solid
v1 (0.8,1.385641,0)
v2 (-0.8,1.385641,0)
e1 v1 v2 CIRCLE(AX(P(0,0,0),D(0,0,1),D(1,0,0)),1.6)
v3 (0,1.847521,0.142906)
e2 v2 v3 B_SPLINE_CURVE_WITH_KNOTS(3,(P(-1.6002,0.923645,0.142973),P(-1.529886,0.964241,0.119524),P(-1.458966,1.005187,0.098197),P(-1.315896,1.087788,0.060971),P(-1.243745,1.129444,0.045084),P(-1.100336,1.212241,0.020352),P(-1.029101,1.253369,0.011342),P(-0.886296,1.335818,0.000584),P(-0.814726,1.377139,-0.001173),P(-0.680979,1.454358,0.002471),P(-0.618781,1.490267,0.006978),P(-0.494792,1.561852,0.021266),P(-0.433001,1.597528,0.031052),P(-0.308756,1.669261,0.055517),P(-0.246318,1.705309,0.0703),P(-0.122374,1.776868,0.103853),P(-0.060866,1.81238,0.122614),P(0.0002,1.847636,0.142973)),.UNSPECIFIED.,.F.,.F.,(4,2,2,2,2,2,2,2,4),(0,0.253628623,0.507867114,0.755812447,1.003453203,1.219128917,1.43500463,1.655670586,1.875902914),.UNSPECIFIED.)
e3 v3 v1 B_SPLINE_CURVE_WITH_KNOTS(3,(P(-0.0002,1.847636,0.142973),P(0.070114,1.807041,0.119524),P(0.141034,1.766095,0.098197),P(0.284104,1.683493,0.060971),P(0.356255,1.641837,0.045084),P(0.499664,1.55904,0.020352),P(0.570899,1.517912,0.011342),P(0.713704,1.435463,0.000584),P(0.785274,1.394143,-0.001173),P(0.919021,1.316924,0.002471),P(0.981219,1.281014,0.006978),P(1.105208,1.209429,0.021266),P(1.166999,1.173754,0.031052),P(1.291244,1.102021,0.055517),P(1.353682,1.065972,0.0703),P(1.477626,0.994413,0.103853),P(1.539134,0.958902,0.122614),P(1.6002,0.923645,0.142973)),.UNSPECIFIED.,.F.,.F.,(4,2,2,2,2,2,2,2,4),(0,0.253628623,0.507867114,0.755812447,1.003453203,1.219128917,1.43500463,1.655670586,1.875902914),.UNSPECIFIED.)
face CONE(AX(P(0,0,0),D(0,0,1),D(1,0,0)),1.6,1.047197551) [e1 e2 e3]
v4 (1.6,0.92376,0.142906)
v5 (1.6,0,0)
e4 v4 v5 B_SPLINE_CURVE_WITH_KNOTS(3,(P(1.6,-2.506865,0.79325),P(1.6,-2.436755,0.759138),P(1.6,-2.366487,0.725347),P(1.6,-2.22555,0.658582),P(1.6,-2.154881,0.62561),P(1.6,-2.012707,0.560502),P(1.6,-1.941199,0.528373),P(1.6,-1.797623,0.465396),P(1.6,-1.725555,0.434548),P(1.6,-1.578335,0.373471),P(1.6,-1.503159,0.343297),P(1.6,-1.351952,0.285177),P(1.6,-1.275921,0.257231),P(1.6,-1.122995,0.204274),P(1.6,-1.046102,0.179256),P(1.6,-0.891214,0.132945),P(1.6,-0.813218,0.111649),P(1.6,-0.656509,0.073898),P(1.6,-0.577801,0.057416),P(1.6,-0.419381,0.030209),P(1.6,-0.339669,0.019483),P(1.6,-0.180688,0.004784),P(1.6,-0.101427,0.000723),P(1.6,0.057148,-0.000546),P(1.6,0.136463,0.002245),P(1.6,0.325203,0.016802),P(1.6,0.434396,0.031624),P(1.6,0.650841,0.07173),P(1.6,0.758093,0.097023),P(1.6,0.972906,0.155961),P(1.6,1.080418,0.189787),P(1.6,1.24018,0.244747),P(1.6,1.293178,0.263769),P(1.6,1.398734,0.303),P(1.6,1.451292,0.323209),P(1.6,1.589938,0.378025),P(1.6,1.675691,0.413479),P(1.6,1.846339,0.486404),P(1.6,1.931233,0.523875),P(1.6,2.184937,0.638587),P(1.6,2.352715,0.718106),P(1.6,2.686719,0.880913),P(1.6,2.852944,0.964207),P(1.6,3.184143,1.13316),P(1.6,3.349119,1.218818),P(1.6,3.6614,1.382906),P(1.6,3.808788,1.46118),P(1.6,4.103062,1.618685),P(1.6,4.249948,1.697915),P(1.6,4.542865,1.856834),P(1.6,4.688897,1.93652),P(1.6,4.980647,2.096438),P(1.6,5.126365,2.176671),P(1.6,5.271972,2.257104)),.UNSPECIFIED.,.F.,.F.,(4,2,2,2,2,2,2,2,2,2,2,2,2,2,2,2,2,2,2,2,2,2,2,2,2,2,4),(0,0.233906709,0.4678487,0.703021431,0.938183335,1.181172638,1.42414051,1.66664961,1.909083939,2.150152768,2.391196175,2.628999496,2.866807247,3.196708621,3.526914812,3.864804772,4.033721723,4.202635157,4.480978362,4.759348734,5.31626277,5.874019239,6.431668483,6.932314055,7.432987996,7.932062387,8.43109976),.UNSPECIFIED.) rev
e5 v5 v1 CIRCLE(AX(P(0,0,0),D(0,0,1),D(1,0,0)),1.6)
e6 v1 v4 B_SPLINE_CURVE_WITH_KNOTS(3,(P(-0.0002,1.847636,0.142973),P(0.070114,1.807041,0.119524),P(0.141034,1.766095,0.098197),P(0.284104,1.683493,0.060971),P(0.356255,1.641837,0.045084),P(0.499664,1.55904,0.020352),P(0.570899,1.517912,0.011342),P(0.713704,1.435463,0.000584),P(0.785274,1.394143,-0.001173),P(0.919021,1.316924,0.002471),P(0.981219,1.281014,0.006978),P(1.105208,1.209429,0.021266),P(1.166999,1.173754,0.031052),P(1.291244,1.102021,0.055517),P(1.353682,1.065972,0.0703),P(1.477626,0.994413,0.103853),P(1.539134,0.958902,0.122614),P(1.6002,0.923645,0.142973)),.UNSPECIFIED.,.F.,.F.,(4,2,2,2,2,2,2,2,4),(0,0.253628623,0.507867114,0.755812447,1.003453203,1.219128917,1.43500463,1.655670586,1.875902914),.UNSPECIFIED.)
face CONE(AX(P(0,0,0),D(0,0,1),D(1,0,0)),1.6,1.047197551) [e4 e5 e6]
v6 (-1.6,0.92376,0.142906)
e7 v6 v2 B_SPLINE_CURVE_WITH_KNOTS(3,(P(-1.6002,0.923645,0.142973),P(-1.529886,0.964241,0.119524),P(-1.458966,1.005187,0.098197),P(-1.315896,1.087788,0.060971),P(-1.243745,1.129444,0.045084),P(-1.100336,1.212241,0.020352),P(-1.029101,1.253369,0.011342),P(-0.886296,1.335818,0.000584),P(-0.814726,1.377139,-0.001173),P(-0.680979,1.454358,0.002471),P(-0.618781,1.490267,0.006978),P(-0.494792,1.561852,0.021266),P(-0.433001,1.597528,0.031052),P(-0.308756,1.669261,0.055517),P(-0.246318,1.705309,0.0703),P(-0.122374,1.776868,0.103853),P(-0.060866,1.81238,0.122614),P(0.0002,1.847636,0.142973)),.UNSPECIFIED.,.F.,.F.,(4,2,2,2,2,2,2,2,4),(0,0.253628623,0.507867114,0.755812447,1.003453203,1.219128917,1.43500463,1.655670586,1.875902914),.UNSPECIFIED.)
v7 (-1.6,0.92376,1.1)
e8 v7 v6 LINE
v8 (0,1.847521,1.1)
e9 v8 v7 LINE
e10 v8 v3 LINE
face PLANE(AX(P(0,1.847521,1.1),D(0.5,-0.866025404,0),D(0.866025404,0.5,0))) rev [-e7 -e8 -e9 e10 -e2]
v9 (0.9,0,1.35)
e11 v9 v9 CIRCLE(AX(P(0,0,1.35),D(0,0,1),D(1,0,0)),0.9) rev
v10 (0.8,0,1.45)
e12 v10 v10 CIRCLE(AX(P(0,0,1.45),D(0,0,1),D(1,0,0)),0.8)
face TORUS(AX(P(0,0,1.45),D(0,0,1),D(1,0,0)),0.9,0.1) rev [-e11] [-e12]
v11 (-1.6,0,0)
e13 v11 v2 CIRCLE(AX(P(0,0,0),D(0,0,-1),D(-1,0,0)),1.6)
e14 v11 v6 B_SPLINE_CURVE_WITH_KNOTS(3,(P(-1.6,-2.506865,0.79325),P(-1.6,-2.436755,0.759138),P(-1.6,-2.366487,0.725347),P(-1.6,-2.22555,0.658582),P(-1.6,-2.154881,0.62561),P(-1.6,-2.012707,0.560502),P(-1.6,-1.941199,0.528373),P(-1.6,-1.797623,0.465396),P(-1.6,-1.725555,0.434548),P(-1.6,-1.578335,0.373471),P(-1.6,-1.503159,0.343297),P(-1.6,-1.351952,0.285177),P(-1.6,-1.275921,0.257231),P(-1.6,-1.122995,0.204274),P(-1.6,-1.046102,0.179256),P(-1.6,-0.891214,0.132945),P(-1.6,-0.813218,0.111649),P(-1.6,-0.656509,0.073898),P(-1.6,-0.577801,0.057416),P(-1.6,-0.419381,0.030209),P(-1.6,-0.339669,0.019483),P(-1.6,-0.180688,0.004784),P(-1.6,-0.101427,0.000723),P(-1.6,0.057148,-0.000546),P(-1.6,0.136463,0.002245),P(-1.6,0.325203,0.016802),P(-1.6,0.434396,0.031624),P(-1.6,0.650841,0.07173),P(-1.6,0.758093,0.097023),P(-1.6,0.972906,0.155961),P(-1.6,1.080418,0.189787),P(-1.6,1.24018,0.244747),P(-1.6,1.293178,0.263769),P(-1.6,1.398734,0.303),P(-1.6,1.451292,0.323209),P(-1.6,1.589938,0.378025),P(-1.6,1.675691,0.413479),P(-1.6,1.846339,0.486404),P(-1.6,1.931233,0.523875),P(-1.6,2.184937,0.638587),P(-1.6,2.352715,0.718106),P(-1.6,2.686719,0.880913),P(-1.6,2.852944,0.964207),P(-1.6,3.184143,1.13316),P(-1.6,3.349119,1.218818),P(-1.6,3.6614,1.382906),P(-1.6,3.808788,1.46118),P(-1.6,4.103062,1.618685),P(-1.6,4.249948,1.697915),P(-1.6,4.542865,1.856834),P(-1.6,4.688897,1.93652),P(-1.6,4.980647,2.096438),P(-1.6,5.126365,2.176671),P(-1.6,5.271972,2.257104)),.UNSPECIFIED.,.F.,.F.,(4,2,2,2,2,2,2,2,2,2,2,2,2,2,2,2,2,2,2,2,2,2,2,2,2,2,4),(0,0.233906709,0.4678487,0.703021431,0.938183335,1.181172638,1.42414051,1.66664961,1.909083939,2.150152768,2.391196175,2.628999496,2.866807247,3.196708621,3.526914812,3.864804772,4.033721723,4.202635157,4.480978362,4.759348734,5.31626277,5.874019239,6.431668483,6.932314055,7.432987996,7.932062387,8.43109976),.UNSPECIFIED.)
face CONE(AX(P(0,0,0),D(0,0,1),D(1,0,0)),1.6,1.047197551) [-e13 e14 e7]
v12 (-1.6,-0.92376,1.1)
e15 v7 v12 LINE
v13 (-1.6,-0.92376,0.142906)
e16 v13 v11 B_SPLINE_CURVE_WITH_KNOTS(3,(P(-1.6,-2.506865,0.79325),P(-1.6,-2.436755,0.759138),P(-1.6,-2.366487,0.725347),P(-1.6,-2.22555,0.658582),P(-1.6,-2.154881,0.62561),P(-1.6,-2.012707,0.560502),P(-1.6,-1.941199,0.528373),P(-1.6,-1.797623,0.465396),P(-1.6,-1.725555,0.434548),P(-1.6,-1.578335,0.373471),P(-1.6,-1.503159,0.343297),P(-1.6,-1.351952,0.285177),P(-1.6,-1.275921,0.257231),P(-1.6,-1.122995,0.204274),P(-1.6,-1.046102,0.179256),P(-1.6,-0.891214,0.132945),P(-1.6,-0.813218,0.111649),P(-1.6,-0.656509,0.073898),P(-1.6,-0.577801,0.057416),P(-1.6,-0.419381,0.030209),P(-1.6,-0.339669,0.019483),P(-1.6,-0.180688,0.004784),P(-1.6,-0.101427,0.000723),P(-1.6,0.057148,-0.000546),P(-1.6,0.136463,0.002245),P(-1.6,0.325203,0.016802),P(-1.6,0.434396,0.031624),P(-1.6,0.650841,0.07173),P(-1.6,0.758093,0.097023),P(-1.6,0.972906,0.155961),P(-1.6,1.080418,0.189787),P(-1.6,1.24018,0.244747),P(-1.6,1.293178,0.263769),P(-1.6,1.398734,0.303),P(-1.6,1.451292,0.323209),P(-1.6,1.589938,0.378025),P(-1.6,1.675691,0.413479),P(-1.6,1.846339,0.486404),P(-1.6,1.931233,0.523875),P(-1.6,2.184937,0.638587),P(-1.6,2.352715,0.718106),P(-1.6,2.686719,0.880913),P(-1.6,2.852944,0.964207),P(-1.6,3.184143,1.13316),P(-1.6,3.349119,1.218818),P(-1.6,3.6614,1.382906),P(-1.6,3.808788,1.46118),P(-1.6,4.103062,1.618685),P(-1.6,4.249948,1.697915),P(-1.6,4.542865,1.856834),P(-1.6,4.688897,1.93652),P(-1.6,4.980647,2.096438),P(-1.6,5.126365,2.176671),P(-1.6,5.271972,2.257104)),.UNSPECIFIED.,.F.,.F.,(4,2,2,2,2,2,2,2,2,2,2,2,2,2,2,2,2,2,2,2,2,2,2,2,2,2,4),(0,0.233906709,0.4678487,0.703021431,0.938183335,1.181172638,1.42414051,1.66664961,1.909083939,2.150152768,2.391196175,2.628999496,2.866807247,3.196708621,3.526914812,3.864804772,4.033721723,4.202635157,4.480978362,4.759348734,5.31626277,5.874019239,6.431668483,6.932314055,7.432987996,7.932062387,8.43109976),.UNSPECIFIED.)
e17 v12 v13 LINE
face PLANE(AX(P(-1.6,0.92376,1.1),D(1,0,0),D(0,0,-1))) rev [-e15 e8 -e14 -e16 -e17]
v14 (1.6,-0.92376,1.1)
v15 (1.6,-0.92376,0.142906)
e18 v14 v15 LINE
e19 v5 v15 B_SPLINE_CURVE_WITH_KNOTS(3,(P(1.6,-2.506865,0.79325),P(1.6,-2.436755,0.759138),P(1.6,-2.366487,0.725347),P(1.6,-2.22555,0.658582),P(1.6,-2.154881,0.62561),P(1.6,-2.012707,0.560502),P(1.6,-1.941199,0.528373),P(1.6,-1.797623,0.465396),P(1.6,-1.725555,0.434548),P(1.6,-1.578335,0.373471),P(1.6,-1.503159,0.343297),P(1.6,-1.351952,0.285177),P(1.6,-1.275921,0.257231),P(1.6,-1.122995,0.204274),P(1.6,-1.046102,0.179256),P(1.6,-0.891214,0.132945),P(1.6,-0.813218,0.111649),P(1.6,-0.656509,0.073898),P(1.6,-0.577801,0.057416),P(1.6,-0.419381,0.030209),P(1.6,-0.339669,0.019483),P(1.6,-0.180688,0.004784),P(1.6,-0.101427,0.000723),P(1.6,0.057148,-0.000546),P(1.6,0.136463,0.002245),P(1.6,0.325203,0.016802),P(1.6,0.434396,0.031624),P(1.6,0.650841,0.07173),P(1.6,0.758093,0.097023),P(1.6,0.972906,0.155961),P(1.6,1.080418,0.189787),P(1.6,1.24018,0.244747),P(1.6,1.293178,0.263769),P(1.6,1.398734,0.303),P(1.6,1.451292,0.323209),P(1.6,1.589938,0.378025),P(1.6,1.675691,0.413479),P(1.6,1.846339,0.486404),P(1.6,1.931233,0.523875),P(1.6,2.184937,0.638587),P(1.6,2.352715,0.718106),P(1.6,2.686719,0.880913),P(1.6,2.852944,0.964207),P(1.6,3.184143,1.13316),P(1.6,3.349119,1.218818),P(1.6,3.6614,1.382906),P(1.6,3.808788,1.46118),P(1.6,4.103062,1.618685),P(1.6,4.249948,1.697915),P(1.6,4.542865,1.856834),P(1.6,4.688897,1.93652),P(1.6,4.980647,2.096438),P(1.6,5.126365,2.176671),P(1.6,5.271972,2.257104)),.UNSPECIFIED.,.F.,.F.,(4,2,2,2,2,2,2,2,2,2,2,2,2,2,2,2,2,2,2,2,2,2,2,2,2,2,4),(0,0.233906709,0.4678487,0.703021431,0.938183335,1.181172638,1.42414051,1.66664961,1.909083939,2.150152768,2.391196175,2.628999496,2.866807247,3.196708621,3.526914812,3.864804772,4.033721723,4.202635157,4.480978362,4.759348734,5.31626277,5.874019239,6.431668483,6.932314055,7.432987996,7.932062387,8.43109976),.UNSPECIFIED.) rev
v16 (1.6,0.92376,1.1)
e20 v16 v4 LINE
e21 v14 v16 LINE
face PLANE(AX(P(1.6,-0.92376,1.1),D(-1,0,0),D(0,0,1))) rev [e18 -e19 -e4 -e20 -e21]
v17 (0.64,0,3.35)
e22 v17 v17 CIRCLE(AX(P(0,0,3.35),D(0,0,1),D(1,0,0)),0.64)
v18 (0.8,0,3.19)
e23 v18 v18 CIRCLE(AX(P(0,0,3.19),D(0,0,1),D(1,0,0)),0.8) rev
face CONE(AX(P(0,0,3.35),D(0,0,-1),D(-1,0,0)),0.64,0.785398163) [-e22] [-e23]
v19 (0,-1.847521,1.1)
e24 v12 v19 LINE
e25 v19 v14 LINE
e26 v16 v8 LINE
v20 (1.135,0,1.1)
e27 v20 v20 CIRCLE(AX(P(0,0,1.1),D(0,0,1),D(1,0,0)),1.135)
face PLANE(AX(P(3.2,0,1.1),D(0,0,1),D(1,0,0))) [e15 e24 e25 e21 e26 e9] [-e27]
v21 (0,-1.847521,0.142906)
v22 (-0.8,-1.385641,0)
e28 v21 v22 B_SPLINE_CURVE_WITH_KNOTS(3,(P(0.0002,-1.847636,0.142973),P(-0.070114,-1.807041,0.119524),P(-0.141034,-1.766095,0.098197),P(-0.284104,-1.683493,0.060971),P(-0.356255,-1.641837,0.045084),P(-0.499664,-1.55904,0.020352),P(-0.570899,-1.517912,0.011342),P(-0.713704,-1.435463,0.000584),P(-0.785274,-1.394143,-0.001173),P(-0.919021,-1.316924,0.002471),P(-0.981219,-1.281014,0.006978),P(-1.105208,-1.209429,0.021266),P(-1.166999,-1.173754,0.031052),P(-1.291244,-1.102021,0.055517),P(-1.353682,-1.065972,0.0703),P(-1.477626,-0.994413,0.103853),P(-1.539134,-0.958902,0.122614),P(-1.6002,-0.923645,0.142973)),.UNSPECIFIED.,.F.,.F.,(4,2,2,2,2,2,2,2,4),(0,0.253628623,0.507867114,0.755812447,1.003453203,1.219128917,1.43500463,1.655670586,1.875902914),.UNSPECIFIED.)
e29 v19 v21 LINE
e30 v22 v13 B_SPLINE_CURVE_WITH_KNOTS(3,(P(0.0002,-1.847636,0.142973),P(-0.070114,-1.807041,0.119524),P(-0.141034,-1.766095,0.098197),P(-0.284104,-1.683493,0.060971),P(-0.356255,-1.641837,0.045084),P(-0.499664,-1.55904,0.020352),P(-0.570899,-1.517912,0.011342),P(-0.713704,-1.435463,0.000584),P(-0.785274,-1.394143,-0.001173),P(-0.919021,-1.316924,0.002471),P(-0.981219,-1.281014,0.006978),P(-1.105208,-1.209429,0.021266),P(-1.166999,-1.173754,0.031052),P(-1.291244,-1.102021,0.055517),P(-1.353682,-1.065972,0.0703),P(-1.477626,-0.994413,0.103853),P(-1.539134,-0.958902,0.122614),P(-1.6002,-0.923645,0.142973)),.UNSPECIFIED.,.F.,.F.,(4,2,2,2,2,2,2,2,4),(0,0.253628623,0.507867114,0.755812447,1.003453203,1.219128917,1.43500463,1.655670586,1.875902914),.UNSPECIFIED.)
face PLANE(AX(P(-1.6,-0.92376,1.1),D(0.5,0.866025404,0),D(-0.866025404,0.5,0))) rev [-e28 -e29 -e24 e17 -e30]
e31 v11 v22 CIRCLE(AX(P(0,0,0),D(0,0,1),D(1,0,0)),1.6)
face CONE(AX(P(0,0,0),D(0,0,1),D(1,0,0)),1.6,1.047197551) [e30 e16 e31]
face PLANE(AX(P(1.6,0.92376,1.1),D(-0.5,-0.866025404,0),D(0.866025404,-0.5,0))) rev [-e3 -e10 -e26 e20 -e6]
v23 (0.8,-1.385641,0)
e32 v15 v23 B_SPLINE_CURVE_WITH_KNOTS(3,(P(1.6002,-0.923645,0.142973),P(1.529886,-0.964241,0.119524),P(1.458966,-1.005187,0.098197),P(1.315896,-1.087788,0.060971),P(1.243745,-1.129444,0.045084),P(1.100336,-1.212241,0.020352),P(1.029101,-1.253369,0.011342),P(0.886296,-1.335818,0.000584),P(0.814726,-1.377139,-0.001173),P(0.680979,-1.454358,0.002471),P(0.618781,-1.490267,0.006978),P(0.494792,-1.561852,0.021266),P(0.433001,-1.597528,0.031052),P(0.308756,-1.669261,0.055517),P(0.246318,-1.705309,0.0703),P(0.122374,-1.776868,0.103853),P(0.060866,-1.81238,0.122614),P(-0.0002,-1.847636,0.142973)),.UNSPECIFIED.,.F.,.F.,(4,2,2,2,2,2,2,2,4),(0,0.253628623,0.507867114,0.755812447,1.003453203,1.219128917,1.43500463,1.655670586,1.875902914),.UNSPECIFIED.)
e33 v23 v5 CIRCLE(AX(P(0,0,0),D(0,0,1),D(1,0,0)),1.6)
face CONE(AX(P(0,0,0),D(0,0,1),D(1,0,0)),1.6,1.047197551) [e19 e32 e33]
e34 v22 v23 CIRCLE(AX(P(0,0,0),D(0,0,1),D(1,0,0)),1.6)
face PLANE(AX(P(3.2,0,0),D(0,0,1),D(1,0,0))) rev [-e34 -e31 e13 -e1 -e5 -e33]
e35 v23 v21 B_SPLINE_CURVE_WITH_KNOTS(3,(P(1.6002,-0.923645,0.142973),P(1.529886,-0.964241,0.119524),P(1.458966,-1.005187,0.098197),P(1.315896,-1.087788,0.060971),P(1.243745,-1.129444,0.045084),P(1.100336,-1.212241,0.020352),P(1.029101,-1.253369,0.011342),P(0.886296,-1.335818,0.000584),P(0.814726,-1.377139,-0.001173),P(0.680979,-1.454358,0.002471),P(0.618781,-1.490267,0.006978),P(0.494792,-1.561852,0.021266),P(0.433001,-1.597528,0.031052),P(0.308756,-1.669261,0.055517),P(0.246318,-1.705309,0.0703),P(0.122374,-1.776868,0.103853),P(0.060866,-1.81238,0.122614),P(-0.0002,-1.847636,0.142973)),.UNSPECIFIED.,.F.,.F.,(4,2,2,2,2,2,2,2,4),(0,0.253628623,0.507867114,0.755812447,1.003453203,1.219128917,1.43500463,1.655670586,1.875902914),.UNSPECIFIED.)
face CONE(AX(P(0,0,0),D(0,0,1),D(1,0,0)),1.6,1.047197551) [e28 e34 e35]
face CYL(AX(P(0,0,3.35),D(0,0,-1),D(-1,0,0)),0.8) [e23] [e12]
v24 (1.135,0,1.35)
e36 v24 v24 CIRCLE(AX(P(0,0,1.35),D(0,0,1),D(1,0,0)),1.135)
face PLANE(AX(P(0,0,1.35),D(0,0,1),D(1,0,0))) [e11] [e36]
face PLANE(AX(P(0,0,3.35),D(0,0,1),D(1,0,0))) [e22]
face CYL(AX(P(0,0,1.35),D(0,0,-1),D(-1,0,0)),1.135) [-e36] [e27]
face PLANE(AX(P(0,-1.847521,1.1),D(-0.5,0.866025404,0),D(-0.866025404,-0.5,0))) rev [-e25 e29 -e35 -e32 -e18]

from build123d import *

# Parameters (mm, degrees)
VYSUNOUT1_DEPTH = 1.1
SKICA3_R        = 1.135
VYSUNOUT2_DEPTH = 0.25
SKICA4_R        = 0.8
VYSUNOUT3_DEPTH = 2
ZKOSIT1_SIZE    = 0.16
ZAOBLIT1_R      = 0.1


with BuildPart() as part:
    # Skica1 → Vysunout1 (new body)
    with BuildSketch(Plane.XY):
        Polygon((1.6, -0.923760431), (1.6, 0.923760431), (0, 1.847520861), (-1.6, 0.923760431), (-1.6, -0.923760431), (0, -1.847520861), align=None)
    extrude(amount=VYSUNOUT1_DEPTH)

    # Skica2 → Odebrat otočením1 (revolve, cut)
    with BuildSketch(Plane(origin=(0, 0, 0), x_dir=(1, 0, 0), z_dir=(0, 1, 0))):
        Polygon((1.6, 0), (3.505255888, 0), (3.505255888, -1.1), align=None)
    revolve(axis=Axis((0, 0, 0), (0, 0, 1)), mode=Mode.SUBTRACT)

    # Skica3 → Vysunout2 (add)
    with BuildSketch(Plane.XY.offset(1.1)):
        Circle(SKICA3_R)
    extrude(amount=VYSUNOUT2_DEPTH)

    # Skica4 → Vysunout3 (add)
    with BuildSketch(Plane.XY.offset(1.35)):
        Circle(SKICA4_R)
    extrude(amount=VYSUNOUT3_DEPTH)

    # Zkosit1
    zkosit1_edges = [part.edges().sort_by_distance(p)[0] for p in [
        (-0.8, 0, 3.35),
    ]]
    chamfer(zkosit1_edges, length=ZKOSIT1_SIZE)

    # Zaoblit1
    zaoblit1_edges = [part.edges().sort_by_distance(p)[0] for p in [
        (-0.8, 0, 1.35),
    ]]
    fillet(zaoblit1_edges, radius=ZAOBLIT1_R)


solid = part.part
